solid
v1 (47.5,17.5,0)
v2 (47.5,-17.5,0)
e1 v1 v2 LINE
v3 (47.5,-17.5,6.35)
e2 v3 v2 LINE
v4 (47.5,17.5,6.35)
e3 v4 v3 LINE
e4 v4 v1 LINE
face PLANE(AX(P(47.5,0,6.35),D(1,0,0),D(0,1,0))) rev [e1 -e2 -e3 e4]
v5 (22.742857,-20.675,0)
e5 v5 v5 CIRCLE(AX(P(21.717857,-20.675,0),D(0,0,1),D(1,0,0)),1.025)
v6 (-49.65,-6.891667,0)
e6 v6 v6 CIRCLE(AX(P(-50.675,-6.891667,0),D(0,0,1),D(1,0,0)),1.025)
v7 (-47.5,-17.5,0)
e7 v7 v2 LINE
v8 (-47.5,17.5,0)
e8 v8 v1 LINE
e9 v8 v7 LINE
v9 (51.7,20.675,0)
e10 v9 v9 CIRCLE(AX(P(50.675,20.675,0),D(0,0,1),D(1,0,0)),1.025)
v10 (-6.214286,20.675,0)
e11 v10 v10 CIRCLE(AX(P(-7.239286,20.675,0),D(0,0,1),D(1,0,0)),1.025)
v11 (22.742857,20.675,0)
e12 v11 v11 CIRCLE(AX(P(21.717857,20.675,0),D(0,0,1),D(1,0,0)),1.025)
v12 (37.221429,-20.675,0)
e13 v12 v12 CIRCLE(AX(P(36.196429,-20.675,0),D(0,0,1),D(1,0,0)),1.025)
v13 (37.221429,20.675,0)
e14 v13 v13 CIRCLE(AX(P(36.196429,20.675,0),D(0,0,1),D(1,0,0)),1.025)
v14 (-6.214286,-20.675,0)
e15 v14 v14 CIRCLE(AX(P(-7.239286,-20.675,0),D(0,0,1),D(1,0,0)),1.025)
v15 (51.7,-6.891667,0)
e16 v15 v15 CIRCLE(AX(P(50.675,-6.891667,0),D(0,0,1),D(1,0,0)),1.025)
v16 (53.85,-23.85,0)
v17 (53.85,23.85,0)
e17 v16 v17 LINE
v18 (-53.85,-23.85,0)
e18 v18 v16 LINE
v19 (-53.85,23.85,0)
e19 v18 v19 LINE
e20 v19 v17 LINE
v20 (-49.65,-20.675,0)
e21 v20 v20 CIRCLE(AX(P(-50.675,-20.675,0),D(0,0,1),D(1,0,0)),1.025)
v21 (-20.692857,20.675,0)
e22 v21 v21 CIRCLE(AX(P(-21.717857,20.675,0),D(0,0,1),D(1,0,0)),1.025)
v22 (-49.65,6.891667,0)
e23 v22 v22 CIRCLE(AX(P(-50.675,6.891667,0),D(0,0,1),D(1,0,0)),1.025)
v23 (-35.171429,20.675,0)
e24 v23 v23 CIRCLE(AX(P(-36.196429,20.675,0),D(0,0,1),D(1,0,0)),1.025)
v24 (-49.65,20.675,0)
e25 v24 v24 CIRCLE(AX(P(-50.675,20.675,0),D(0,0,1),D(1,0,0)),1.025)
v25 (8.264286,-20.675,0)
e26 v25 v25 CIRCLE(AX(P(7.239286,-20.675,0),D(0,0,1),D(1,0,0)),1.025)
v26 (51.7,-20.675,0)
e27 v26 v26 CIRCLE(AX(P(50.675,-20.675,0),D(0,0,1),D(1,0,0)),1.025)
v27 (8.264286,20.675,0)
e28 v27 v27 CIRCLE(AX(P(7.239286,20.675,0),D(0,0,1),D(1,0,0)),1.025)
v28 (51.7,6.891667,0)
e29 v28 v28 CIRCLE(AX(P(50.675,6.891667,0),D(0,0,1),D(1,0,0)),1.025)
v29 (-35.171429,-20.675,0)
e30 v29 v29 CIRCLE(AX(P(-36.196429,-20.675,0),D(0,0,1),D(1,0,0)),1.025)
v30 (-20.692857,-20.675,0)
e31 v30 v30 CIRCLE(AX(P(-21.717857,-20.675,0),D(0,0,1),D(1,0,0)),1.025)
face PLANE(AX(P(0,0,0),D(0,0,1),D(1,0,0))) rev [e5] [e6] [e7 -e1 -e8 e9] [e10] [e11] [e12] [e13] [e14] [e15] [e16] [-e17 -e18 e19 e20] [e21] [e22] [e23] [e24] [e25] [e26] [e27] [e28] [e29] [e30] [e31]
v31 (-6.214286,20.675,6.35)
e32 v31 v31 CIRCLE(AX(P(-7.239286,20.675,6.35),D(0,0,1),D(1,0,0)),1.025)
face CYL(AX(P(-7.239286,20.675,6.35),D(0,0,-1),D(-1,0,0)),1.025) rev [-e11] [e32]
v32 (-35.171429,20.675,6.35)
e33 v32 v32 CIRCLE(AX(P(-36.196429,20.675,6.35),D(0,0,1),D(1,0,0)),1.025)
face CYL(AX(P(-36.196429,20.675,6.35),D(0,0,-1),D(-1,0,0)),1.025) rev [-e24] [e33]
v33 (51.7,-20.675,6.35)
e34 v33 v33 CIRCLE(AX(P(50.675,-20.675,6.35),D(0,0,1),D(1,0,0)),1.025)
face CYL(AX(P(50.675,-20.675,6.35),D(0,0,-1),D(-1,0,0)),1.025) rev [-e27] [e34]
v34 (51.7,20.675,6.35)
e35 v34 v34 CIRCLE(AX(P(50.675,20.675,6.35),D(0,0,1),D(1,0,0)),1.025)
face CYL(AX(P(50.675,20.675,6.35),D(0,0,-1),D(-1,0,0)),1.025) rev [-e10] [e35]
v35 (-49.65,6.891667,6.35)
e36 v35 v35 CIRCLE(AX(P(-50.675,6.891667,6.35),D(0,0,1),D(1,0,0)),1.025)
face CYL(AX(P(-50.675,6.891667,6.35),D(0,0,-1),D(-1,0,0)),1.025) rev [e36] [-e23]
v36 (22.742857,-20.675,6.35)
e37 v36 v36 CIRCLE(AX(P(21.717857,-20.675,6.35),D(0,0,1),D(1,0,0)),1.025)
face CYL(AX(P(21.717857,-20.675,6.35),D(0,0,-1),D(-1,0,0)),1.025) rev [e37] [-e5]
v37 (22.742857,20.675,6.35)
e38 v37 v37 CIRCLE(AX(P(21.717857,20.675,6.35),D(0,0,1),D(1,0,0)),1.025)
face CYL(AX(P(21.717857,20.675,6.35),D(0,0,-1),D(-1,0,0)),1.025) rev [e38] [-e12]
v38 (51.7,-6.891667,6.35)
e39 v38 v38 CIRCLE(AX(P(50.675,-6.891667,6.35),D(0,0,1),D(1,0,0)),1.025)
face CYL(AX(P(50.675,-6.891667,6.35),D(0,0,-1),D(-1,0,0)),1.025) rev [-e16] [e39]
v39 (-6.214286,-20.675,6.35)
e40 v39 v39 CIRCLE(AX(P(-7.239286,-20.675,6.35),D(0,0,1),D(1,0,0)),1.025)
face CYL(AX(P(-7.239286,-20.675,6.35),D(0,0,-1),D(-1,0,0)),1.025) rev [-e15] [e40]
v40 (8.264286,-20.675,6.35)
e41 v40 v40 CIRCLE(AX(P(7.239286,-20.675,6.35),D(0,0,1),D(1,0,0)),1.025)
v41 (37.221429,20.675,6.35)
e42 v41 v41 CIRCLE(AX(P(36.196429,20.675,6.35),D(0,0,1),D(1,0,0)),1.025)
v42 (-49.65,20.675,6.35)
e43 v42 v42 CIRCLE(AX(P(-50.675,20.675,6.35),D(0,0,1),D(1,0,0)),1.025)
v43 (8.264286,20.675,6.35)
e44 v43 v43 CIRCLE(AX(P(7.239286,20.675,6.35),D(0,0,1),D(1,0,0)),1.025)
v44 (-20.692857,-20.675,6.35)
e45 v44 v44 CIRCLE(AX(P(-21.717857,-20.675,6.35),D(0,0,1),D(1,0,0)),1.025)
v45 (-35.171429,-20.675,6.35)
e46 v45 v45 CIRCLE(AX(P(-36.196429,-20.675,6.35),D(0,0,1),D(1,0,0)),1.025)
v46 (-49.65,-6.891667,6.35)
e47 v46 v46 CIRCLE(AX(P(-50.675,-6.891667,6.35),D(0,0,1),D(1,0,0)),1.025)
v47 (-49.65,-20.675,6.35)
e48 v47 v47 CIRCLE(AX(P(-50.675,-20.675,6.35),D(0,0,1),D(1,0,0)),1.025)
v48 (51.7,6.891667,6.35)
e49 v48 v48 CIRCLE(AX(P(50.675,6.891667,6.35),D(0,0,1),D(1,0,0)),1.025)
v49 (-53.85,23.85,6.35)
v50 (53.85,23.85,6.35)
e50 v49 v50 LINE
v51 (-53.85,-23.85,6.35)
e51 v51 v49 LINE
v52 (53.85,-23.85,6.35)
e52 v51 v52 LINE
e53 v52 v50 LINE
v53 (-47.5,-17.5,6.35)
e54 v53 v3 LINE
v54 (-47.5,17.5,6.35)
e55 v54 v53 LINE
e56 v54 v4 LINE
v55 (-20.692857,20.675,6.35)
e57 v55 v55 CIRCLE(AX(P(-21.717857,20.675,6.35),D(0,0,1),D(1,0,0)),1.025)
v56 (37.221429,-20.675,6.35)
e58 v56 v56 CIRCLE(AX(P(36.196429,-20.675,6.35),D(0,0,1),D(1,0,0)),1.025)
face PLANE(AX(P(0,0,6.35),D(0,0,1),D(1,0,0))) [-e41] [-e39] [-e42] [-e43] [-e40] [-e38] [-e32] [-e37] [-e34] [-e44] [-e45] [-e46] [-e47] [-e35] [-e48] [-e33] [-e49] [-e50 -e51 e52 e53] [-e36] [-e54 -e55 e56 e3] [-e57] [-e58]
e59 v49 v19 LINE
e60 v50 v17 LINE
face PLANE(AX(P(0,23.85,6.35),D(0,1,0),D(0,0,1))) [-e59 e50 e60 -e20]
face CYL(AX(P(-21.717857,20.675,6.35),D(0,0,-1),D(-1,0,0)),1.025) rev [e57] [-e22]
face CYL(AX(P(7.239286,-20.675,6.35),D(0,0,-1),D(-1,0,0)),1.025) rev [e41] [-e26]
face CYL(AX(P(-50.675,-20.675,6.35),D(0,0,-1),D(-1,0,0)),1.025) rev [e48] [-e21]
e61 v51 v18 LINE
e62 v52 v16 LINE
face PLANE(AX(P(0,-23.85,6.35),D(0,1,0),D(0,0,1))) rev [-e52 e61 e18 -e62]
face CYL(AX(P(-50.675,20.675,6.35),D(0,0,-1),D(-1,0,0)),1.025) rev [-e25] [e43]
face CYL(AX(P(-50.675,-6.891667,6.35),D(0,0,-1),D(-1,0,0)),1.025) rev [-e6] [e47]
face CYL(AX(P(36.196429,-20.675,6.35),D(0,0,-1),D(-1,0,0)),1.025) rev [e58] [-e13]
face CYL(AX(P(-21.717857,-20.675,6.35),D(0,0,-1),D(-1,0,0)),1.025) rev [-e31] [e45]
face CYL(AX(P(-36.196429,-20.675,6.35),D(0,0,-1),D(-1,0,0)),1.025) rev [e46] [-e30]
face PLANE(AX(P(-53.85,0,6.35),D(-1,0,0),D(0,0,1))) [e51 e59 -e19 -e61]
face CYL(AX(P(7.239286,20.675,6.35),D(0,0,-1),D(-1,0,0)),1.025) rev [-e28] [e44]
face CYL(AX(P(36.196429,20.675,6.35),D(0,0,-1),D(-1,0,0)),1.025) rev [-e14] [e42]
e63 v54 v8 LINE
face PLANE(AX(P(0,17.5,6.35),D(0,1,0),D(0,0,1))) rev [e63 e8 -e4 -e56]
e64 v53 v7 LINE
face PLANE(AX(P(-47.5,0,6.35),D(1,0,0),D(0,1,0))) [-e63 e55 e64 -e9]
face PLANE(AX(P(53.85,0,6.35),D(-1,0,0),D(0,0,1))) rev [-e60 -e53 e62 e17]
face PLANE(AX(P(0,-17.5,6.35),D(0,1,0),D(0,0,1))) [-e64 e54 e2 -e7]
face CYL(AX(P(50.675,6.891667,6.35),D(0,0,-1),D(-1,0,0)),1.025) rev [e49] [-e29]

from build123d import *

# Parameters (mm, degrees)
SKETCH1_W           = 107.7
SKETCH1_H           = 47.7
SKETCH1_R           = 1.025
SKETCH1_W_2         = 95
SKETCH1_H_2         = 35
BOSS_EXTRUDE1_DEPTH = 6.35


with BuildPart() as part:
    # Sketch1 → Boss-Extrude1 (new body)
    with BuildSketch(Plane.XY):
        Rectangle(SKETCH1_W, SKETCH1_H)
        with Locations((-50.675, 20.675)):
            Circle(SKETCH1_R, mode=Mode.SUBTRACT)
        with Locations((50.675, 20.675)):
            Circle(SKETCH1_R, mode=Mode.SUBTRACT)
        with Locations((-50.675, -20.675)):
            Circle(SKETCH1_R, mode=Mode.SUBTRACT)
        with Locations((50.675, -20.675)):
            Circle(SKETCH1_R, mode=Mode.SUBTRACT)
        with Locations((-7.239285714, 20.675)):
            Circle(SKETCH1_R, mode=Mode.SUBTRACT)
        with Locations((-7.239285714, -20.675)):
            Circle(SKETCH1_R, mode=Mode.SUBTRACT)
        with Locations((-36.196428571, 20.675)):
            Circle(SKETCH1_R, mode=Mode.SUBTRACT)
        with Locations((-21.717857143, 20.675)):
            Circle(SKETCH1_R, mode=Mode.SUBTRACT)
        with Locations((7.239285714, 20.675)):
            Circle(SKETCH1_R, mode=Mode.SUBTRACT)
        with Locations((21.717857143, 20.675)):
            Circle(SKETCH1_R, mode=Mode.SUBTRACT)
        with Locations((-50.675, 6.8916667)):
            Circle(SKETCH1_R, mode=Mode.SUBTRACT)
        with Locations((-50.675, -6.8916667)):
            Circle(SKETCH1_R, mode=Mode.SUBTRACT)
        with Locations((50.675, 6.8916667)):
            Circle(SKETCH1_R, mode=Mode.SUBTRACT)
        with Locations((50.675, -6.8916667)):
            Circle(SKETCH1_R, mode=Mode.SUBTRACT)
        with Locations((7.239285714, -20.675)):
            Circle(SKETCH1_R, mode=Mode.SUBTRACT)
        with Locations((21.717857143, -20.675)):
            Circle(SKETCH1_R, mode=Mode.SUBTRACT)
        with Locations((-21.717857143, -20.675)):
            Circle(SKETCH1_R, mode=Mode.SUBTRACT)
        with Locations((-36.196428571, -20.675)):
            Circle(SKETCH1_R, mode=Mode.SUBTRACT)
        with Locations((36.196428572, 20.675)):
            Circle(SKETCH1_R, mode=Mode.SUBTRACT)
        with Locations((36.196428572, -20.675)):
            Circle(SKETCH1_R, mode=Mode.SUBTRACT)
        Rectangle(SKETCH1_W_2, SKETCH1_H_2, mode=Mode.SUBTRACT)
    extrude(amount=BOSS_EXTRUDE1_DEPTH)


solid = part.part
